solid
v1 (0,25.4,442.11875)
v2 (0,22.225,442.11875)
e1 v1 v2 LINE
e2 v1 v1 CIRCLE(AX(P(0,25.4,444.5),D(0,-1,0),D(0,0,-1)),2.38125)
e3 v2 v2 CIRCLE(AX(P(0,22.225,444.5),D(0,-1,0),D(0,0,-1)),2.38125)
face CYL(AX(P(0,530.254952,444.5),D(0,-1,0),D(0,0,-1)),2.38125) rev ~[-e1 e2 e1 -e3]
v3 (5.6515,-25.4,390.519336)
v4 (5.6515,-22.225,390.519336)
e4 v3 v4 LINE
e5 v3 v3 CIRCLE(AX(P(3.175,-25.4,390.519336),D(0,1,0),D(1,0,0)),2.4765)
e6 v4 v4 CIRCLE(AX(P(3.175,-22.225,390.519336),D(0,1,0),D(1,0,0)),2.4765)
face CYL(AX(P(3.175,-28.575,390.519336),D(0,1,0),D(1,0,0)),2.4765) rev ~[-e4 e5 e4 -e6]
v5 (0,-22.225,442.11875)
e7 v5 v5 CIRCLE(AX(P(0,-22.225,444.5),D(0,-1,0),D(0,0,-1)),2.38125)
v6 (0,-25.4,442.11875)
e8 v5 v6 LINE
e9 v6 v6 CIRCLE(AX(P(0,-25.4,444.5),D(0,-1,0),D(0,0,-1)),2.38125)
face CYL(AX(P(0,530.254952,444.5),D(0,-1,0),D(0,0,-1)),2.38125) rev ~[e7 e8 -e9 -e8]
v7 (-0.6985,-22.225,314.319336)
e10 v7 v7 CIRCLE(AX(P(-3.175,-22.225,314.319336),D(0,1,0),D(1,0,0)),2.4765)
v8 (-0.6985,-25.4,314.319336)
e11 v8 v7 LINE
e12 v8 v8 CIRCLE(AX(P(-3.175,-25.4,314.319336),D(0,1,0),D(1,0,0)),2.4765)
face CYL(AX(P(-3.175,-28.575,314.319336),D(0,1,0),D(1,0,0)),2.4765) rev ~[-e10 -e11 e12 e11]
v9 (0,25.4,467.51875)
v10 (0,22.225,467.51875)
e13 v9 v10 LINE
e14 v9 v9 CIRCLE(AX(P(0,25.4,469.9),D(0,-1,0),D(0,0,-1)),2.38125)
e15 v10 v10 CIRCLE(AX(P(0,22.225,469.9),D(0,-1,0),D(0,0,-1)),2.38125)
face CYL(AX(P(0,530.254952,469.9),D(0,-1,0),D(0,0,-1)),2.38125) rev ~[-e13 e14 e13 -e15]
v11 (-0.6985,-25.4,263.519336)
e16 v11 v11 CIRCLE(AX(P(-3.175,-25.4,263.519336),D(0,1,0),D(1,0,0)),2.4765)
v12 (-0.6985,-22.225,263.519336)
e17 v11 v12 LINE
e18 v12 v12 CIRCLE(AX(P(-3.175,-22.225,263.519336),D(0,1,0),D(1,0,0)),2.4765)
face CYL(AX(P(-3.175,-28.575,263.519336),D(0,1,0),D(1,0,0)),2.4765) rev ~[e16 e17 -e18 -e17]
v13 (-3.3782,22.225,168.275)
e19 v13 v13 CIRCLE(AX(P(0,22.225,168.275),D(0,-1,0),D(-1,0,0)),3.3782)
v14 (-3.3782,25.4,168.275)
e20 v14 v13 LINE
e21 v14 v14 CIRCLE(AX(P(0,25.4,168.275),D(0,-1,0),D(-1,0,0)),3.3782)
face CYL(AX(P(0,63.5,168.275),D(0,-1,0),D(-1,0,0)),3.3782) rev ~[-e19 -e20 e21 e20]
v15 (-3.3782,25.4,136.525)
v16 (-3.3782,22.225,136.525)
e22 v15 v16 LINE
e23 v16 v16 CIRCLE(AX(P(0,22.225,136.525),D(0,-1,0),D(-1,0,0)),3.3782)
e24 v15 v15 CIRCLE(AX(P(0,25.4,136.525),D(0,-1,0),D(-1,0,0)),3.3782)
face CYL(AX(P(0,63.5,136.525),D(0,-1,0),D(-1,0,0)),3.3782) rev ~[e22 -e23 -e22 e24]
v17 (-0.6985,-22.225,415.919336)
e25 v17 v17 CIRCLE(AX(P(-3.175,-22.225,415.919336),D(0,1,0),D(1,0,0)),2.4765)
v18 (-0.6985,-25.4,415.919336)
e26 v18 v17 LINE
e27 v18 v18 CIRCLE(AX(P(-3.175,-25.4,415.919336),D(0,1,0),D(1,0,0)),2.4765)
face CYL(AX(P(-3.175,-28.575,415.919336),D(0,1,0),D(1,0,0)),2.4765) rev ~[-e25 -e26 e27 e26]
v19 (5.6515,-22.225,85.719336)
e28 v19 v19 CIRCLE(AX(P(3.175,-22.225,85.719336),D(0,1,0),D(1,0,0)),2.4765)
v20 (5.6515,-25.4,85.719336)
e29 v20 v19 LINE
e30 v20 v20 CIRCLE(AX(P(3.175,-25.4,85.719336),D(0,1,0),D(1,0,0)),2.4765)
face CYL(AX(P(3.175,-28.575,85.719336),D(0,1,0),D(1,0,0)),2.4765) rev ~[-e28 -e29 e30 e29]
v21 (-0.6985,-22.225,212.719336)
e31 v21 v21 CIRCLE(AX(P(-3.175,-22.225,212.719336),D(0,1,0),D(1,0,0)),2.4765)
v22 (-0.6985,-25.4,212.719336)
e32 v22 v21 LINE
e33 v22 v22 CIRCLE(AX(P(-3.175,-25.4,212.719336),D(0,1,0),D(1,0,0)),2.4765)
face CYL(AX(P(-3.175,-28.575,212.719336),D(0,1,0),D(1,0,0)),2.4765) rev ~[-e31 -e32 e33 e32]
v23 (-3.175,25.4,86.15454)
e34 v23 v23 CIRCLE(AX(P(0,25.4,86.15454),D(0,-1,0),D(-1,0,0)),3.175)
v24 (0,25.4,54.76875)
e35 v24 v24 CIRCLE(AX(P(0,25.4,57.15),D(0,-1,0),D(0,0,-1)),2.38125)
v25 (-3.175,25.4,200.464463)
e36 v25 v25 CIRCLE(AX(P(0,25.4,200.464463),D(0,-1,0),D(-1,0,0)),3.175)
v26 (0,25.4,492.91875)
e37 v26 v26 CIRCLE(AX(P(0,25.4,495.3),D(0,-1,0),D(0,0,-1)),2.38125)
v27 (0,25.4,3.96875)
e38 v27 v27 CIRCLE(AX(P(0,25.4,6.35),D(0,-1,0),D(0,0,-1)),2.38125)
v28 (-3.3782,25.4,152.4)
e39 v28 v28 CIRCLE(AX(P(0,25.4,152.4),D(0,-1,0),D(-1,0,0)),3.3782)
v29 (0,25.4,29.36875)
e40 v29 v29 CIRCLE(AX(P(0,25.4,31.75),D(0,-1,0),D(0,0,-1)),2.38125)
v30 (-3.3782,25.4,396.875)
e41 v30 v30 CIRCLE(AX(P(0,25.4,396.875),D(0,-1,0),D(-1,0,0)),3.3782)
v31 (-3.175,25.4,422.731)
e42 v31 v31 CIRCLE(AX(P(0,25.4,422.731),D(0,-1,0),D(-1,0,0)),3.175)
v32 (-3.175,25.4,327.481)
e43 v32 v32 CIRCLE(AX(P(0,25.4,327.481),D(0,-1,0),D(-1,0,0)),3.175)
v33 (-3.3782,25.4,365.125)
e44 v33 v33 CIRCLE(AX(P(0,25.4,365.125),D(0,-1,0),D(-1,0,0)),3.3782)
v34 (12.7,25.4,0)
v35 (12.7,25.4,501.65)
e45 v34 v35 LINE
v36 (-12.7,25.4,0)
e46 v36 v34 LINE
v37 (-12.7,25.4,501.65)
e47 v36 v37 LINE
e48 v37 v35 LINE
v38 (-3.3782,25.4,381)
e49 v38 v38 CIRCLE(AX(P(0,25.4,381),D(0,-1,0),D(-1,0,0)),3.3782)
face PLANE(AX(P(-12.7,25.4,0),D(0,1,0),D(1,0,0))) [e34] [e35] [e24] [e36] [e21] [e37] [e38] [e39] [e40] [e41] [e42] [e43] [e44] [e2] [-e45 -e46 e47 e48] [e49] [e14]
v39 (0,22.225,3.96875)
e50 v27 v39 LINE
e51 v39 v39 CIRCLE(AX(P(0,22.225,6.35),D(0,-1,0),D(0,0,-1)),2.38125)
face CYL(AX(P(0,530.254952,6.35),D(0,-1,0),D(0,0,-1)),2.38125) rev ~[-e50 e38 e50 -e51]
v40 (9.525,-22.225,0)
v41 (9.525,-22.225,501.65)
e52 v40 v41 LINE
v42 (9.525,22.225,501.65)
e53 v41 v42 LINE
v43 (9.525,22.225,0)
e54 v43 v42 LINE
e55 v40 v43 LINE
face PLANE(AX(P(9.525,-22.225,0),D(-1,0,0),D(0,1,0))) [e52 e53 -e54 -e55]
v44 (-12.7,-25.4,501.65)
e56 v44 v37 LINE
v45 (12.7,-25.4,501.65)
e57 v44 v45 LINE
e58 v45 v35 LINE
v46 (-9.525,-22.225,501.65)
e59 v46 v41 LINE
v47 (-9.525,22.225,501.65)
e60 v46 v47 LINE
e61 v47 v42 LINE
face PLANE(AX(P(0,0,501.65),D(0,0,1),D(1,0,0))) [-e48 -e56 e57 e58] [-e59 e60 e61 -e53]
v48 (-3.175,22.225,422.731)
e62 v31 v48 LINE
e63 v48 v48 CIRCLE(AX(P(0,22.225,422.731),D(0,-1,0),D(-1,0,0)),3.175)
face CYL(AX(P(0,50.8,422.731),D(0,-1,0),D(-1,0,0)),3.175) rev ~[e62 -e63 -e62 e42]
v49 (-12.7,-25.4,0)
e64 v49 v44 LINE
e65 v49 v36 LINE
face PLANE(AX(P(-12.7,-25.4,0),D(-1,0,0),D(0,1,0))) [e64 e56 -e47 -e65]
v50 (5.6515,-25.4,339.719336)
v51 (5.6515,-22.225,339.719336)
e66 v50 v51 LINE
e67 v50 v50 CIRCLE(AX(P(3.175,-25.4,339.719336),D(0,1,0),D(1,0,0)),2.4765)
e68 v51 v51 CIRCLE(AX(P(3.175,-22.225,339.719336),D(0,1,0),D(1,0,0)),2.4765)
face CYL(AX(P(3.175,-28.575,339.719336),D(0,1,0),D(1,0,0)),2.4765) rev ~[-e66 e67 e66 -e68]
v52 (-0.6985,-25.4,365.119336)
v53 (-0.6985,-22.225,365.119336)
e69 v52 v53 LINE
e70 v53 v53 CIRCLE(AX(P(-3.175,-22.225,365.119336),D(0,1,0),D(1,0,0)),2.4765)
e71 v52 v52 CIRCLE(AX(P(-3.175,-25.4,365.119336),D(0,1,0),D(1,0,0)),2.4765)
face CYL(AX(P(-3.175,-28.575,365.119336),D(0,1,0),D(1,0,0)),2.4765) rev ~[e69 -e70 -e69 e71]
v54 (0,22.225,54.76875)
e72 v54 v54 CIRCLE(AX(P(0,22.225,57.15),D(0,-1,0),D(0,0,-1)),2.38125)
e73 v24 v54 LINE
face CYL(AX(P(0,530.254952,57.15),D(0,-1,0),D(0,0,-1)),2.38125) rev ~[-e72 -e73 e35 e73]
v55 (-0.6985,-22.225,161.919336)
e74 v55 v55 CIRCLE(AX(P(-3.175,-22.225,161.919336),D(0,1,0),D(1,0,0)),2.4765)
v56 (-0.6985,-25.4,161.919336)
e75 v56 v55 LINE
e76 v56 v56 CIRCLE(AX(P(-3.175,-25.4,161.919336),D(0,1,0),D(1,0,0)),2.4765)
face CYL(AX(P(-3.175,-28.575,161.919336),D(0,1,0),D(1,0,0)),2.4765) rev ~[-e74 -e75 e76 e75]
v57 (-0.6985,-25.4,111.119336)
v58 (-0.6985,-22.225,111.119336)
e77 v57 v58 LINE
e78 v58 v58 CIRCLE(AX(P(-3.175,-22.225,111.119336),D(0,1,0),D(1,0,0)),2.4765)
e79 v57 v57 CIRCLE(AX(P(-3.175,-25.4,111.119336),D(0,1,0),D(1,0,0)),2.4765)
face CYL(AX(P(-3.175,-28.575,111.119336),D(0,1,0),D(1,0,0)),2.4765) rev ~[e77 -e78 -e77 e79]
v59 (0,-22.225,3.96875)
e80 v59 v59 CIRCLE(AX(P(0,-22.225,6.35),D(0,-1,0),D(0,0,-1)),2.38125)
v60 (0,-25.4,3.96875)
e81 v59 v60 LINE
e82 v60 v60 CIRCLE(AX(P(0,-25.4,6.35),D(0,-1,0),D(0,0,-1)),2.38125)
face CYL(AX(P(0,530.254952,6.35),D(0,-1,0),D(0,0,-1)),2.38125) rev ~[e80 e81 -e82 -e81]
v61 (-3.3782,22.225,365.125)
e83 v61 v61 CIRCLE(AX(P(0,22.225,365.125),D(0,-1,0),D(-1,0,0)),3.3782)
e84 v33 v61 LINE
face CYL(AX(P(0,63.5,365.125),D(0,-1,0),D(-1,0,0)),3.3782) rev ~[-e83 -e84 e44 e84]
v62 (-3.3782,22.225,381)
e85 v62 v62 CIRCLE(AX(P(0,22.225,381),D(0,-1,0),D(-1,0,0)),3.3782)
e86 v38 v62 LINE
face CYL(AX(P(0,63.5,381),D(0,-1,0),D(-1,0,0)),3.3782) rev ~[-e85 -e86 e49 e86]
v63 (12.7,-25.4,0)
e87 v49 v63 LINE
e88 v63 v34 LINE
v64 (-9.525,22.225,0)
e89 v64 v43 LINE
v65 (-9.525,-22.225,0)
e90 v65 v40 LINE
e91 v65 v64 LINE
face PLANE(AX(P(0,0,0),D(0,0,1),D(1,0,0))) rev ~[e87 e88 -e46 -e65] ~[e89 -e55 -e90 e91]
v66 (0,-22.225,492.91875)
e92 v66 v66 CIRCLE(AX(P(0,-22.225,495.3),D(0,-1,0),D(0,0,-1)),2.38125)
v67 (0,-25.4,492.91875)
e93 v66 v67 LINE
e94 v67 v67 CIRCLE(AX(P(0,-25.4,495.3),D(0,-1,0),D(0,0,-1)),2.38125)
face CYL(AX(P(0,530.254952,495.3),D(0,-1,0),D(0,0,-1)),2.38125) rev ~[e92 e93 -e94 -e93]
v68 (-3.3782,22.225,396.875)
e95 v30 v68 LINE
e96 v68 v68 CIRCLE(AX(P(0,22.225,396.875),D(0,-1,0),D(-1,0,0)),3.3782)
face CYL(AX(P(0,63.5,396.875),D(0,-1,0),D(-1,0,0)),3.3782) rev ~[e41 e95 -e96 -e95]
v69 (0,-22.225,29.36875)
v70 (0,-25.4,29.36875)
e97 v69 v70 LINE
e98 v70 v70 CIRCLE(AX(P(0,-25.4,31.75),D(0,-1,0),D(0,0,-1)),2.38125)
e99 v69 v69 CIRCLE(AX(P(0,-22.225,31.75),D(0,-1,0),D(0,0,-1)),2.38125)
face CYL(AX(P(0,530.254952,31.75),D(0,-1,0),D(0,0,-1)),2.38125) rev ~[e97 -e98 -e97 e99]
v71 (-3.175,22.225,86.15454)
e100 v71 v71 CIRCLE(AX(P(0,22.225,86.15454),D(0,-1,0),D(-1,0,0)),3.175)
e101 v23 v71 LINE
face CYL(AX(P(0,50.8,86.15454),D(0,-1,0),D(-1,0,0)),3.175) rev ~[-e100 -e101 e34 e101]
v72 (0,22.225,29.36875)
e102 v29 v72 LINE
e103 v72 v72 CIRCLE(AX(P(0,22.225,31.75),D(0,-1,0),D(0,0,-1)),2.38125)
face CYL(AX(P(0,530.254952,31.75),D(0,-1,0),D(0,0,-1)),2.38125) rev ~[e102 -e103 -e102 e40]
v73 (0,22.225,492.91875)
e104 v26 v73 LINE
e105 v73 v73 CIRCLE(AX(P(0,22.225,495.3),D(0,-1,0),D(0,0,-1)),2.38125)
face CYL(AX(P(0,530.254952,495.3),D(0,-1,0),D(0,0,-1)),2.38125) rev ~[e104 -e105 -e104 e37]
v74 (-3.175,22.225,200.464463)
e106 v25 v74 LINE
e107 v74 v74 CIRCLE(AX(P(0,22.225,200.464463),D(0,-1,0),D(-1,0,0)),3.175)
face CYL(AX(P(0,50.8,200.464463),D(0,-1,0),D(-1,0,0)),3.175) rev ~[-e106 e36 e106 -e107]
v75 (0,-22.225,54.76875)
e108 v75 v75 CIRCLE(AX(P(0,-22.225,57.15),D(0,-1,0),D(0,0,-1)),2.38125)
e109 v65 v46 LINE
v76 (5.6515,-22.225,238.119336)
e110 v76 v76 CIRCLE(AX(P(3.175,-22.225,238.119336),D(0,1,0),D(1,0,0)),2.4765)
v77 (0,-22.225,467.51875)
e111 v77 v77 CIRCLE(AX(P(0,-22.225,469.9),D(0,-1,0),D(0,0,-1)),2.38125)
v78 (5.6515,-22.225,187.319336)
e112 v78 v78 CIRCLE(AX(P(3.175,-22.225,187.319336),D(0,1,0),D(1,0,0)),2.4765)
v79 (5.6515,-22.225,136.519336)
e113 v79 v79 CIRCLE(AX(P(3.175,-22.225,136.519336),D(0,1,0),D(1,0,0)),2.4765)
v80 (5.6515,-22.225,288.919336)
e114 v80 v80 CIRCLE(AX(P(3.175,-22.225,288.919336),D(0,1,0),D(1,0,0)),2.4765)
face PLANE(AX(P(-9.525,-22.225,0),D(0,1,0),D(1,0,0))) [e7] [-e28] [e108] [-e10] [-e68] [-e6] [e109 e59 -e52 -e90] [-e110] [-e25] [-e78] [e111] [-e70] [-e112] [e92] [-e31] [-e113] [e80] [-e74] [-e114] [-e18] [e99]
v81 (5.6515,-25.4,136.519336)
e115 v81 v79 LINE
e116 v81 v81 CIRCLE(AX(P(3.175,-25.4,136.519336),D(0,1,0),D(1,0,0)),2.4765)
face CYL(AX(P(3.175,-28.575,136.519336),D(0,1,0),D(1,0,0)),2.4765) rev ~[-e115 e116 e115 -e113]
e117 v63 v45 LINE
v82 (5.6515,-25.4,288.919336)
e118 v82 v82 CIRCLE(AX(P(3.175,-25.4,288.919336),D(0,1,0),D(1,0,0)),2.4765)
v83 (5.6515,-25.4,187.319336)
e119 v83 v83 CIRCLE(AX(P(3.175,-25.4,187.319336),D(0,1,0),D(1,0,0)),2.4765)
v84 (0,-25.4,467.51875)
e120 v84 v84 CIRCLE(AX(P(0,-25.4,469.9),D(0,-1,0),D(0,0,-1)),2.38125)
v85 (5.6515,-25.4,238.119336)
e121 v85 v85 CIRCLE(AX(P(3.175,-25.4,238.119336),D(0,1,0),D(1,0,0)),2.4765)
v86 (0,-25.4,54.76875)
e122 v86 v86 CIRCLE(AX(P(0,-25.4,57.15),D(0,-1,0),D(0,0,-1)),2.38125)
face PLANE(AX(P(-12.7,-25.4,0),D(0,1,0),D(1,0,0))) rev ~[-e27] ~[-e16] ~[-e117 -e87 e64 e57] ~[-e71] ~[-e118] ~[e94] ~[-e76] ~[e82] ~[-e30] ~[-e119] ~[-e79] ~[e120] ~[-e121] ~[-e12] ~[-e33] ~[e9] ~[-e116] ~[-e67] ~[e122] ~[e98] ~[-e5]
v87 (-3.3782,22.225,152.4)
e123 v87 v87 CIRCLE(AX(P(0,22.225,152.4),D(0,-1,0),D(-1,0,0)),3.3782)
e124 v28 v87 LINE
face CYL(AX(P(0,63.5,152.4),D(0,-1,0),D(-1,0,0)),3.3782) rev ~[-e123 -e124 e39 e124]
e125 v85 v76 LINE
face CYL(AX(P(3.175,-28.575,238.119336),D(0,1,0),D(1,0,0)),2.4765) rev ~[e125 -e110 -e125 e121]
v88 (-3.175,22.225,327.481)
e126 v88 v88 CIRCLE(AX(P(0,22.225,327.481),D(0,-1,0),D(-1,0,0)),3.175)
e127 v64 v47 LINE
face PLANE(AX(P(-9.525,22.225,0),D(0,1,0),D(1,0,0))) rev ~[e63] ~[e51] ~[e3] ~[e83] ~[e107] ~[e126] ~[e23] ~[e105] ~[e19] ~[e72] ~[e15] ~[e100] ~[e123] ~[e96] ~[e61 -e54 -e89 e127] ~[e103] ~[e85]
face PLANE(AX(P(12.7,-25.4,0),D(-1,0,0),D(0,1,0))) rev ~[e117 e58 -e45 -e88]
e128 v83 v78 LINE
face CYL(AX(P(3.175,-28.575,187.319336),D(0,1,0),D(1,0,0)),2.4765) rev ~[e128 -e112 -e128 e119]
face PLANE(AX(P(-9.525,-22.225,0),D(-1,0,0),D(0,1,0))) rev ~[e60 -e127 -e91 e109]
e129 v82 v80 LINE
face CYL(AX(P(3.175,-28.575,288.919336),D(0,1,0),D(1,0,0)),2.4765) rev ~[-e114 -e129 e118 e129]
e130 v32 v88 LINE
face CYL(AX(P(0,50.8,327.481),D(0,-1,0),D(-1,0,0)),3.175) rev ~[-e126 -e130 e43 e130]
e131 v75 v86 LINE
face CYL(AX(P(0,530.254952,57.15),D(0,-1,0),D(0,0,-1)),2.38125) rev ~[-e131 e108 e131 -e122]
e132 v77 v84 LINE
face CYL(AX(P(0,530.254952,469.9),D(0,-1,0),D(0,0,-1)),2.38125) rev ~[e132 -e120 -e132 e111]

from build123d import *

# Parameters (mm, degrees)
SKETCH1_W                         = 25.4
SKETCH1_H                         = 50.8
SKETCH1_W_2                       = 19.05
SKETCH1_H_2                       = 44.45
EXTRUDE_THIN1_DEPTH               = 501.65
F_3_16_0_1875_DIAMETER_HOLE1_D    = 4.7625
F_3_16_0_195_DIAMETER_HOLE1_D     = 4.953
F_3_16_0_195_DIAMETER_HOLE1_DEPTH = 3.175
F_1_4_0_25_DIAMETER_HOLE1_D       = 6.35
F_1_4_0_25_DIAMETER_HOLE1_DEPTH   = 25.4
F_1_4_0_25_DIAMETER_HOLE1_TIP     = 1.907732465
F_1_4_CLEARANCE_HOLE1_D           = 6.7564
F_1_4_CLEARANCE_HOLE1_DEPTH       = 38.1
F_1_4_CLEARANCE_HOLE1_TIP         = 2.029827343


with BuildPart() as part:
    # Sketch1 → Extrude-Thin1 (new body)
    with BuildSketch(Plane.XY):
        Rectangle(SKETCH1_W, SKETCH1_H)
        Rectangle(SKETCH1_W_2, SKETCH1_H_2, mode=Mode.SUBTRACT)
    extrude(amount=EXTRUDE_THIN1_DEPTH)

    # 3/16 (0.1875) Diameter Hole1 (through all)
    with Locations(Plane(origin=(0, 25.4, 495.3), x_dir=(0, 0, 1), z_dir=(0, 1, 0))):
        with Locations((0, 0), (-488.95, 0), (-463.55, 0), (-438.15, 0), (-25.4, 0), (-50.8, 0)):
            Hole(F_3_16_0_1875_DIAMETER_HOLE1_D / 2)

    # 3/16 (0.195) Diameter Hole1
    with Locations(Plane(origin=(0, -25.4, 0), x_dir=(-1, 0, 0), z_dir=(0, -1, 0))):
        with Locations((-3.175, -85.719336228), (3.175, -111.119336228), (-3.175, -136.519336228), (3.175, -161.919336228), (-3.175, -187.319336228), (3.175, -212.719336228), (-3.175, -238.119336228), (3.175, -263.519336228), (-3.175, -288.919336228), (3.175, -314.319336228), (-3.175, -339.719336228), (3.175, -365.119336228), (3.175, -415.919336228), (-3.175, -390.519336228)):
            Hole(F_3_16_0_195_DIAMETER_HOLE1_D / 2, depth=F_3_16_0_195_DIAMETER_HOLE1_DEPTH)

    # 1/4 (0.25) Diameter Hole1
    with Locations(Plane(origin=(0, 25.4, 0), x_dir=(1, 0, 0), z_dir=(0, 1, 0))):
        with Locations((0, -200.464463093), (0, -422.731), (0, -327.481), (0, -86.154539829)):
            Hole(F_1_4_0_25_DIAMETER_HOLE1_D / 2, depth=F_1_4_0_25_DIAMETER_HOLE1_DEPTH)
            with Locations((0, 0, -(F_1_4_0_25_DIAMETER_HOLE1_DEPTH + F_1_4_0_25_DIAMETER_HOLE1_TIP / 2))):  # 118° drill point
                Cone(0, F_1_4_0_25_DIAMETER_HOLE1_D / 2, F_1_4_0_25_DIAMETER_HOLE1_TIP, mode=Mode.SUBTRACT)

    # 1/4 Clearance Hole1
    with Locations(Plane(origin=(-381, 25.4, 250.825), x_dir=(1, 0, 0), z_dir=(0, 1, 0))):
        with Locations((381, 82.55), (381, 98.425), (381, 114.3), (381, -146.05), (381, -130.175), (381, -114.3), (-381, -146.05), (-381, -130.175), (-381, -114.3), (-381, 82.55), (-381, 98.425), (-381, 114.3)):
            Hole(F_1_4_CLEARANCE_HOLE1_D / 2, depth=F_1_4_CLEARANCE_HOLE1_DEPTH)
            with Locations((0, 0, -(F_1_4_CLEARANCE_HOLE1_DEPTH + F_1_4_CLEARANCE_HOLE1_TIP / 2))):  # 118° drill point
                Cone(0, F_1_4_CLEARANCE_HOLE1_D / 2, F_1_4_CLEARANCE_HOLE1_TIP, mode=Mode.SUBTRACT)


solid = part.part
